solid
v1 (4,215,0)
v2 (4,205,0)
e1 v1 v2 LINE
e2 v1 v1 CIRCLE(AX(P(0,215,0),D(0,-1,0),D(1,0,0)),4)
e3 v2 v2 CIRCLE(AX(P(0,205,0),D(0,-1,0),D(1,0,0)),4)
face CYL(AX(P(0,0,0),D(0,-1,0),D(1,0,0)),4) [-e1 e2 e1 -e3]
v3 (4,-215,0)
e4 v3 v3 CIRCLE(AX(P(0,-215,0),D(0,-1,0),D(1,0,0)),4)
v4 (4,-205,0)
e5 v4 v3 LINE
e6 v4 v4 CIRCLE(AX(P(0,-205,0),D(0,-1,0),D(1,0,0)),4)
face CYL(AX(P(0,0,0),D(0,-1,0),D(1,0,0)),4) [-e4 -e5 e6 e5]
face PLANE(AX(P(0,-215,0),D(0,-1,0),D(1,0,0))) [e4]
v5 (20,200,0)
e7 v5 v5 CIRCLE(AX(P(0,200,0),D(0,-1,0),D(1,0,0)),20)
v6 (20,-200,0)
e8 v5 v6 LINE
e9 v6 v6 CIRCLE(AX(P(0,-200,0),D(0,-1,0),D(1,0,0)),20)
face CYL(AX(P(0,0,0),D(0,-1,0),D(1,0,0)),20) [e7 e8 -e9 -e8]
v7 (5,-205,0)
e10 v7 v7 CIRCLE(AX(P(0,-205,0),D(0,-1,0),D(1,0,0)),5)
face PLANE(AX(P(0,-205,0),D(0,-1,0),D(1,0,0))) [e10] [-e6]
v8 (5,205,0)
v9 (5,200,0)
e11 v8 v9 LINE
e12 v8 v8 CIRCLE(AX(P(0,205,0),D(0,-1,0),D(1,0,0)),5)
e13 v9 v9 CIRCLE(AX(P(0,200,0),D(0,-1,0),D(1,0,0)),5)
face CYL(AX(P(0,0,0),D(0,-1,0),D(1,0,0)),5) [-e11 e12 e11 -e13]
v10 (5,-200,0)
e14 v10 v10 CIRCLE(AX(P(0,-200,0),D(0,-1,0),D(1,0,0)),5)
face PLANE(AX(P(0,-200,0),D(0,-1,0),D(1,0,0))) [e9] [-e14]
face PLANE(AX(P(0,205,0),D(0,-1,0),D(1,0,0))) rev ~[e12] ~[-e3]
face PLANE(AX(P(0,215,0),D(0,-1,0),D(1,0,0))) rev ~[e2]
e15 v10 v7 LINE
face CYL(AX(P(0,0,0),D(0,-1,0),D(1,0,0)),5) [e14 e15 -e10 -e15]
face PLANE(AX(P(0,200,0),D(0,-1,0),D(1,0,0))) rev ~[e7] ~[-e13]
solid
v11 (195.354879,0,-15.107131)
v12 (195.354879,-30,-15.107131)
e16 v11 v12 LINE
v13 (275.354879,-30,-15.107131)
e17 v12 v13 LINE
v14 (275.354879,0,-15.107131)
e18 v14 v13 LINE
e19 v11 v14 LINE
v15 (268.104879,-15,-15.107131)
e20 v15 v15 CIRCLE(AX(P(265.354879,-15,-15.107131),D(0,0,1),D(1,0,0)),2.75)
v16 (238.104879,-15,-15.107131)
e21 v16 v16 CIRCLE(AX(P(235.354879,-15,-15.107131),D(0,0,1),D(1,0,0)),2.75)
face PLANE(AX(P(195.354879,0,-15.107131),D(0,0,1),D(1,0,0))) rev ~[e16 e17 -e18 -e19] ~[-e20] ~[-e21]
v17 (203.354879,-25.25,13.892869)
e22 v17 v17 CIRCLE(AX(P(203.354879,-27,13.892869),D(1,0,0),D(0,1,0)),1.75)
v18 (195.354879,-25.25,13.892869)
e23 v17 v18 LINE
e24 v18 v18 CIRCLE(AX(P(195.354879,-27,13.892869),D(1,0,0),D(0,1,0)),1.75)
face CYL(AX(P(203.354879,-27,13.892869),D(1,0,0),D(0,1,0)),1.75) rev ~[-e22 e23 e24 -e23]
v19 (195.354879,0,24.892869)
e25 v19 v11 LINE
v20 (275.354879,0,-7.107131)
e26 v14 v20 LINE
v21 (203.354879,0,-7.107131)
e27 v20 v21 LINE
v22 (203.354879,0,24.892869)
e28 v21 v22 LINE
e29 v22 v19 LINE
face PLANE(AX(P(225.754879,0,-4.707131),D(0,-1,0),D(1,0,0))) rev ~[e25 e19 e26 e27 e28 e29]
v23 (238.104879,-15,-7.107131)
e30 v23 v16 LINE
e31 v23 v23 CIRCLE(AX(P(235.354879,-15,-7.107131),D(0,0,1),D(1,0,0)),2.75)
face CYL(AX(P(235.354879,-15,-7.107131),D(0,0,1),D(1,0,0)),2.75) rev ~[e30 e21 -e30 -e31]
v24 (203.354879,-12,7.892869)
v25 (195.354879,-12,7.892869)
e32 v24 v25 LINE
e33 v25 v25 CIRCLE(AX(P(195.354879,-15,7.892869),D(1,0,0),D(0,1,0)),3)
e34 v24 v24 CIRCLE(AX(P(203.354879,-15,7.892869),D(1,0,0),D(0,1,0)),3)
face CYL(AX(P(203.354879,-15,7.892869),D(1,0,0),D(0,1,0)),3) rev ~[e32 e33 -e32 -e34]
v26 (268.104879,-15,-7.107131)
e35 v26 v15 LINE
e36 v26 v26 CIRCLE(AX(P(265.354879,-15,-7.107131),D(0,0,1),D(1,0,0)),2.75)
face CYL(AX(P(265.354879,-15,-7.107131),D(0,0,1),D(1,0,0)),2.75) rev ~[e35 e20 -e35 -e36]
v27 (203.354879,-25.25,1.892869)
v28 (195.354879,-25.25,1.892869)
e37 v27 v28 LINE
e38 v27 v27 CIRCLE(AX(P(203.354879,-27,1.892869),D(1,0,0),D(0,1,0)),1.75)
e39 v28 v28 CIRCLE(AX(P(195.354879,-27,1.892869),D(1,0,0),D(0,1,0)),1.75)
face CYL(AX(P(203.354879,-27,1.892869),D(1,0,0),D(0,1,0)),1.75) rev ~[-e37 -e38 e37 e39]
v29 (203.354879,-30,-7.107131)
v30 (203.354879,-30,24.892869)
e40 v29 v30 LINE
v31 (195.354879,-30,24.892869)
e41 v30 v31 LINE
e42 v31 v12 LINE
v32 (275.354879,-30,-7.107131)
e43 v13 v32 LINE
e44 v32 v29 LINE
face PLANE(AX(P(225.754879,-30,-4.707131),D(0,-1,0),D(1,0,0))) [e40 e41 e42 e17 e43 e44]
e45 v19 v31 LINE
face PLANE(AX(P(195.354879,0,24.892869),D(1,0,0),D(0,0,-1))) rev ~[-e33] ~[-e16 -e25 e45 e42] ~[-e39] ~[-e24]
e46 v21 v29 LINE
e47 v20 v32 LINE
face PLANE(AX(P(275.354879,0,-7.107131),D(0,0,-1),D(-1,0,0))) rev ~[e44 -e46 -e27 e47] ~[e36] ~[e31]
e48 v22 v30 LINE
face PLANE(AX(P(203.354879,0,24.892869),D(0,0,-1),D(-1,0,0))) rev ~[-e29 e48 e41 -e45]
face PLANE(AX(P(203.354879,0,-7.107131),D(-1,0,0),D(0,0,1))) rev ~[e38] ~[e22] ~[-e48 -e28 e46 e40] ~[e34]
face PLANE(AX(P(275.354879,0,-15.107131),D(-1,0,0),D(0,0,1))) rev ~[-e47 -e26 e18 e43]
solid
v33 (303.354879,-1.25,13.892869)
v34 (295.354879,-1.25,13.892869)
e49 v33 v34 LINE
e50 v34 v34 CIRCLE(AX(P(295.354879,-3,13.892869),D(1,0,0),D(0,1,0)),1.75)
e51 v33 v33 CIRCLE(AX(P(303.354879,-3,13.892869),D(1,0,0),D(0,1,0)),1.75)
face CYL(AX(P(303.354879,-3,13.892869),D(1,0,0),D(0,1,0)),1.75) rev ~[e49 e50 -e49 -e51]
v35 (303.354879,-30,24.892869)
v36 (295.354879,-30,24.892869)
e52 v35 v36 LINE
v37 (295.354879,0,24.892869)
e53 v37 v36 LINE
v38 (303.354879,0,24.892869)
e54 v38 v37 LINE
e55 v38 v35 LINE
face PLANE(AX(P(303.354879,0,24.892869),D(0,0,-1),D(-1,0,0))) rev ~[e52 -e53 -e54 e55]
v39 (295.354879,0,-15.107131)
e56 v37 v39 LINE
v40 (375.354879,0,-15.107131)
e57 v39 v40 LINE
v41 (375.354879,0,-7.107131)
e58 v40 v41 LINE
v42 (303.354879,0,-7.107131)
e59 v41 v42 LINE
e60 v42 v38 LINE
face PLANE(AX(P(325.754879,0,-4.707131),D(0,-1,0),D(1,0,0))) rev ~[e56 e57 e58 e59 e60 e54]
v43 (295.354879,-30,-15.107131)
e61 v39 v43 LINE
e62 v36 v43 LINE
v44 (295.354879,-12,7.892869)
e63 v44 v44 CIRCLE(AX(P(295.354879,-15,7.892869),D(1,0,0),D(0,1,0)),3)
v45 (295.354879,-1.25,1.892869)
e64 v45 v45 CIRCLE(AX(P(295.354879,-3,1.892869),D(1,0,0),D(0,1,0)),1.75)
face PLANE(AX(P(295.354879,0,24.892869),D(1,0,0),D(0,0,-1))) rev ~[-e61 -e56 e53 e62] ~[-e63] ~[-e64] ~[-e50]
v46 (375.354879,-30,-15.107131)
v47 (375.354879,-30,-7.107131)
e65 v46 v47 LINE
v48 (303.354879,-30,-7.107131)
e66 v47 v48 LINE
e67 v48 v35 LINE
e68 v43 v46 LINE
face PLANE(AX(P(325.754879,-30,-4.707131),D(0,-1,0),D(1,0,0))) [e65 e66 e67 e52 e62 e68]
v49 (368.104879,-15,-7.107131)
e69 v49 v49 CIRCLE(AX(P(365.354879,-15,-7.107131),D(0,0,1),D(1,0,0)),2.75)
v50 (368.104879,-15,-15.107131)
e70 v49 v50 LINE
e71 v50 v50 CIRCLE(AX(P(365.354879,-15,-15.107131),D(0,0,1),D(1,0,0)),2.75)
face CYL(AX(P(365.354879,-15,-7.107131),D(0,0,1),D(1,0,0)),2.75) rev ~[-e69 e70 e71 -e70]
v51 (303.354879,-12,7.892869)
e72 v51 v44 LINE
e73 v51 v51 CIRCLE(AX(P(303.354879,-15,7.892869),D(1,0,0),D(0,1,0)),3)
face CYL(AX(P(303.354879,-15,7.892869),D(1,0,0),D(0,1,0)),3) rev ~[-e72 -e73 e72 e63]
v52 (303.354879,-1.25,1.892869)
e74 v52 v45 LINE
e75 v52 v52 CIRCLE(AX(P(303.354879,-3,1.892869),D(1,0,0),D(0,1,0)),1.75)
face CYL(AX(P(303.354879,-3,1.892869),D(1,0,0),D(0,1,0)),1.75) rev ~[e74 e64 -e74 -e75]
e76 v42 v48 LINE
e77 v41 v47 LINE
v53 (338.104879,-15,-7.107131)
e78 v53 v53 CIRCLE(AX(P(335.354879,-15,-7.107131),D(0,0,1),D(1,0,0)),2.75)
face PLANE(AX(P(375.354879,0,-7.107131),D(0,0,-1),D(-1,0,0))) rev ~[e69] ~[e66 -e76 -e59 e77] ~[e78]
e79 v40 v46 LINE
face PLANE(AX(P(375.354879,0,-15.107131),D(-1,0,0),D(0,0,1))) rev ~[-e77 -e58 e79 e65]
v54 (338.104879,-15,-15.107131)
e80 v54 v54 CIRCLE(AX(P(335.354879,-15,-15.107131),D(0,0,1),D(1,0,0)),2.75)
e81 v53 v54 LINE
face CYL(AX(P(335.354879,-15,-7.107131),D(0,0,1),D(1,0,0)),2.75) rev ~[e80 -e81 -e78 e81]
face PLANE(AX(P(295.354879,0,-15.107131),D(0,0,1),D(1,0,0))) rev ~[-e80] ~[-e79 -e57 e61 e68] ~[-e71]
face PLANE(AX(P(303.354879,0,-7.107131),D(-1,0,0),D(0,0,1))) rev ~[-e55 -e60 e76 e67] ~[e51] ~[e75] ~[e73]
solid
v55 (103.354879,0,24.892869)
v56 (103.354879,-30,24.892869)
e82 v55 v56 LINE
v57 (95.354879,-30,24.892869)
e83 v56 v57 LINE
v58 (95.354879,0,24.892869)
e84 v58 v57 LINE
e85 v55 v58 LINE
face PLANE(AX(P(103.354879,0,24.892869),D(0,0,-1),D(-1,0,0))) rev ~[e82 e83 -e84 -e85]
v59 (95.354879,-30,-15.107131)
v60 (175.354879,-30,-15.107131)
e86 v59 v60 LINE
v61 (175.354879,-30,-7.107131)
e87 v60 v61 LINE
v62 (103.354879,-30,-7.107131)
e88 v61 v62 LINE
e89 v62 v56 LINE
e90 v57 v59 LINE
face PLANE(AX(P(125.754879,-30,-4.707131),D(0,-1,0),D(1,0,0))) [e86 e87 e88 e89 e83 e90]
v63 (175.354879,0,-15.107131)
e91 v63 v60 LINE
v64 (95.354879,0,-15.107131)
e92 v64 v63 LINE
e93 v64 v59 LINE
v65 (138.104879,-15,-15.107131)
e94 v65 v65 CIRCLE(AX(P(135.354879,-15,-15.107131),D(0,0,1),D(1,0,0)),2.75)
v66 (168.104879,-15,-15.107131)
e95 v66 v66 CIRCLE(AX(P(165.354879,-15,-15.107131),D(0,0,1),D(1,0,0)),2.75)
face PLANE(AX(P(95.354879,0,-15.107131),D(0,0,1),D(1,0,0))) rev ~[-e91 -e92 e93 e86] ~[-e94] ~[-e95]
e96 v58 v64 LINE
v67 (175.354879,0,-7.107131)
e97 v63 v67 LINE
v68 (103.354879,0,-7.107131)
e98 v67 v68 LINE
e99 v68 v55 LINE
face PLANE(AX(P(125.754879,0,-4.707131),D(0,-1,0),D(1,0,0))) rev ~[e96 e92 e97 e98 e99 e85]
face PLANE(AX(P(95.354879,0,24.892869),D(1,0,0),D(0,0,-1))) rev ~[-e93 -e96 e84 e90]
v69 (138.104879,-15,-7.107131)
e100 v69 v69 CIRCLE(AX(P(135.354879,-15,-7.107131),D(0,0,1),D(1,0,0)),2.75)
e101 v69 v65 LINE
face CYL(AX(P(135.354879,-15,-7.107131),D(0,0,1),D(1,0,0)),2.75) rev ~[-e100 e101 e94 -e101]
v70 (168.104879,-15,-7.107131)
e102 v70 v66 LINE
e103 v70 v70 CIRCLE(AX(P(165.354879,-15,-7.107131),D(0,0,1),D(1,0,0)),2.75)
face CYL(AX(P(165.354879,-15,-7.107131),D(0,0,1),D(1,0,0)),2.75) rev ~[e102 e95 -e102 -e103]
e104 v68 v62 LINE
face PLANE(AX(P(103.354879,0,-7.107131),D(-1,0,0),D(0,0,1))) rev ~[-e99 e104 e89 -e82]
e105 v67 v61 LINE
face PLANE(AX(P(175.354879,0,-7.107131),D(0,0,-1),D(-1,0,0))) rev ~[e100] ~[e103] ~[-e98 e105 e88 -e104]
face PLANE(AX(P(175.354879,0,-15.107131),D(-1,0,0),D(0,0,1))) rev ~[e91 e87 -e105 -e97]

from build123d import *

# Parameters (mm, degrees)
F0_R      = 4
F1_DEPTH  = 215
F2_R      = 5
F3_DEPTH  = 205
F4_R      = 20
F5_DEPTH  = 200
F7_DEPTH  = 30
F8_R      = 2.75
F9_DEPTH  = 12.8938689212
F13_R     = 1.75
F13_R_2   = 3
F14_DEPTH = 8
F15_R     = 1.75
F15_R_2   = 3
F16_DEPTH = 8


with BuildPart() as f1:
    # F0 (on Front) → F1 (new body, symmetric)
    with BuildSketch(Plane.XZ):
        Circle(F0_R)
    extrude(amount=F1_DEPTH, both=True)

    # F2 (on Front) → F3 (join, symmetric)
    with BuildSketch(Plane.XZ):
        Circle(F2_R)
    extrude(amount=F3_DEPTH, both=True)

    # F4 (on Front) → F5 (join, symmetric)
    with BuildSketch(Plane.XZ):
        Circle(F4_R)
    extrude(amount=F5_DEPTH, both=True)


with BuildPart() as f7:
    # F6 (on Front) → F7 (new body)
    with BuildSketch(Plane.XZ):
        Polygon((103.3548788592, 24.8928689212), (95.3548788592, 24.8928689212), (95.3548788592, -15.1071310788), (175.3548788592, -15.1071310788), (175.3548788592, -7.1071310788), (103.3548788592, -7.1071310788), align=None)
    extrude(amount=F7_DEPTH)

    # F8 (on face) → F9 (cut, through all)
    with BuildSketch(Plane.XY.offset(-7.1071310788)):
        with Locations((135.3548788592, -15)):
            Circle(F8_R)
        with Locations((165.3548788592, -15)):
            Circle(F8_R)
    extrude(amount=-F9_DEPTH, mode=Mode.SUBTRACT)


with BuildPart() as f11_1:
    # F11: copy of F7
    add(f7.part.moved(Location((100, 0, 0))))


with BuildPart() as f12_1:
    # F12: copy of F11_1
    add(f11_1.part.moved(Location((100, 0, 0))))

    # F15 (on face) → F16 (cut)
    with BuildSketch(Plane.YZ.offset(303.3548788592)):
        with Locations((-3, 13.8928689212)):
            Circle(F15_R)
        with Locations((-3, 1.8928689212)):
            Circle(F15_R)
        with Locations((-15, 7.8928689212)):
            Circle(F15_R_2)
    extrude(amount=-F16_DEPTH, mode=Mode.SUBTRACT)


with BuildPart() as f11_1_1:
    add(f11_1.part)

    # F13 (on face) → F14 (cut)
    with BuildSketch(Plane.YZ.offset(203.3548788592)):
        with Locations((-27, 13.8928689212)):
            Circle(F13_R)
        with Locations((-27, 1.8928689212)):
            Circle(F13_R)
        with Locations((-15, 7.8928689212)):
            Circle(F13_R_2)
    extrude(amount=-F14_DEPTH, mode=Mode.SUBTRACT)


solid = Compound([f1.part, f7.part, f12_1.part, f11_1_1.part])
